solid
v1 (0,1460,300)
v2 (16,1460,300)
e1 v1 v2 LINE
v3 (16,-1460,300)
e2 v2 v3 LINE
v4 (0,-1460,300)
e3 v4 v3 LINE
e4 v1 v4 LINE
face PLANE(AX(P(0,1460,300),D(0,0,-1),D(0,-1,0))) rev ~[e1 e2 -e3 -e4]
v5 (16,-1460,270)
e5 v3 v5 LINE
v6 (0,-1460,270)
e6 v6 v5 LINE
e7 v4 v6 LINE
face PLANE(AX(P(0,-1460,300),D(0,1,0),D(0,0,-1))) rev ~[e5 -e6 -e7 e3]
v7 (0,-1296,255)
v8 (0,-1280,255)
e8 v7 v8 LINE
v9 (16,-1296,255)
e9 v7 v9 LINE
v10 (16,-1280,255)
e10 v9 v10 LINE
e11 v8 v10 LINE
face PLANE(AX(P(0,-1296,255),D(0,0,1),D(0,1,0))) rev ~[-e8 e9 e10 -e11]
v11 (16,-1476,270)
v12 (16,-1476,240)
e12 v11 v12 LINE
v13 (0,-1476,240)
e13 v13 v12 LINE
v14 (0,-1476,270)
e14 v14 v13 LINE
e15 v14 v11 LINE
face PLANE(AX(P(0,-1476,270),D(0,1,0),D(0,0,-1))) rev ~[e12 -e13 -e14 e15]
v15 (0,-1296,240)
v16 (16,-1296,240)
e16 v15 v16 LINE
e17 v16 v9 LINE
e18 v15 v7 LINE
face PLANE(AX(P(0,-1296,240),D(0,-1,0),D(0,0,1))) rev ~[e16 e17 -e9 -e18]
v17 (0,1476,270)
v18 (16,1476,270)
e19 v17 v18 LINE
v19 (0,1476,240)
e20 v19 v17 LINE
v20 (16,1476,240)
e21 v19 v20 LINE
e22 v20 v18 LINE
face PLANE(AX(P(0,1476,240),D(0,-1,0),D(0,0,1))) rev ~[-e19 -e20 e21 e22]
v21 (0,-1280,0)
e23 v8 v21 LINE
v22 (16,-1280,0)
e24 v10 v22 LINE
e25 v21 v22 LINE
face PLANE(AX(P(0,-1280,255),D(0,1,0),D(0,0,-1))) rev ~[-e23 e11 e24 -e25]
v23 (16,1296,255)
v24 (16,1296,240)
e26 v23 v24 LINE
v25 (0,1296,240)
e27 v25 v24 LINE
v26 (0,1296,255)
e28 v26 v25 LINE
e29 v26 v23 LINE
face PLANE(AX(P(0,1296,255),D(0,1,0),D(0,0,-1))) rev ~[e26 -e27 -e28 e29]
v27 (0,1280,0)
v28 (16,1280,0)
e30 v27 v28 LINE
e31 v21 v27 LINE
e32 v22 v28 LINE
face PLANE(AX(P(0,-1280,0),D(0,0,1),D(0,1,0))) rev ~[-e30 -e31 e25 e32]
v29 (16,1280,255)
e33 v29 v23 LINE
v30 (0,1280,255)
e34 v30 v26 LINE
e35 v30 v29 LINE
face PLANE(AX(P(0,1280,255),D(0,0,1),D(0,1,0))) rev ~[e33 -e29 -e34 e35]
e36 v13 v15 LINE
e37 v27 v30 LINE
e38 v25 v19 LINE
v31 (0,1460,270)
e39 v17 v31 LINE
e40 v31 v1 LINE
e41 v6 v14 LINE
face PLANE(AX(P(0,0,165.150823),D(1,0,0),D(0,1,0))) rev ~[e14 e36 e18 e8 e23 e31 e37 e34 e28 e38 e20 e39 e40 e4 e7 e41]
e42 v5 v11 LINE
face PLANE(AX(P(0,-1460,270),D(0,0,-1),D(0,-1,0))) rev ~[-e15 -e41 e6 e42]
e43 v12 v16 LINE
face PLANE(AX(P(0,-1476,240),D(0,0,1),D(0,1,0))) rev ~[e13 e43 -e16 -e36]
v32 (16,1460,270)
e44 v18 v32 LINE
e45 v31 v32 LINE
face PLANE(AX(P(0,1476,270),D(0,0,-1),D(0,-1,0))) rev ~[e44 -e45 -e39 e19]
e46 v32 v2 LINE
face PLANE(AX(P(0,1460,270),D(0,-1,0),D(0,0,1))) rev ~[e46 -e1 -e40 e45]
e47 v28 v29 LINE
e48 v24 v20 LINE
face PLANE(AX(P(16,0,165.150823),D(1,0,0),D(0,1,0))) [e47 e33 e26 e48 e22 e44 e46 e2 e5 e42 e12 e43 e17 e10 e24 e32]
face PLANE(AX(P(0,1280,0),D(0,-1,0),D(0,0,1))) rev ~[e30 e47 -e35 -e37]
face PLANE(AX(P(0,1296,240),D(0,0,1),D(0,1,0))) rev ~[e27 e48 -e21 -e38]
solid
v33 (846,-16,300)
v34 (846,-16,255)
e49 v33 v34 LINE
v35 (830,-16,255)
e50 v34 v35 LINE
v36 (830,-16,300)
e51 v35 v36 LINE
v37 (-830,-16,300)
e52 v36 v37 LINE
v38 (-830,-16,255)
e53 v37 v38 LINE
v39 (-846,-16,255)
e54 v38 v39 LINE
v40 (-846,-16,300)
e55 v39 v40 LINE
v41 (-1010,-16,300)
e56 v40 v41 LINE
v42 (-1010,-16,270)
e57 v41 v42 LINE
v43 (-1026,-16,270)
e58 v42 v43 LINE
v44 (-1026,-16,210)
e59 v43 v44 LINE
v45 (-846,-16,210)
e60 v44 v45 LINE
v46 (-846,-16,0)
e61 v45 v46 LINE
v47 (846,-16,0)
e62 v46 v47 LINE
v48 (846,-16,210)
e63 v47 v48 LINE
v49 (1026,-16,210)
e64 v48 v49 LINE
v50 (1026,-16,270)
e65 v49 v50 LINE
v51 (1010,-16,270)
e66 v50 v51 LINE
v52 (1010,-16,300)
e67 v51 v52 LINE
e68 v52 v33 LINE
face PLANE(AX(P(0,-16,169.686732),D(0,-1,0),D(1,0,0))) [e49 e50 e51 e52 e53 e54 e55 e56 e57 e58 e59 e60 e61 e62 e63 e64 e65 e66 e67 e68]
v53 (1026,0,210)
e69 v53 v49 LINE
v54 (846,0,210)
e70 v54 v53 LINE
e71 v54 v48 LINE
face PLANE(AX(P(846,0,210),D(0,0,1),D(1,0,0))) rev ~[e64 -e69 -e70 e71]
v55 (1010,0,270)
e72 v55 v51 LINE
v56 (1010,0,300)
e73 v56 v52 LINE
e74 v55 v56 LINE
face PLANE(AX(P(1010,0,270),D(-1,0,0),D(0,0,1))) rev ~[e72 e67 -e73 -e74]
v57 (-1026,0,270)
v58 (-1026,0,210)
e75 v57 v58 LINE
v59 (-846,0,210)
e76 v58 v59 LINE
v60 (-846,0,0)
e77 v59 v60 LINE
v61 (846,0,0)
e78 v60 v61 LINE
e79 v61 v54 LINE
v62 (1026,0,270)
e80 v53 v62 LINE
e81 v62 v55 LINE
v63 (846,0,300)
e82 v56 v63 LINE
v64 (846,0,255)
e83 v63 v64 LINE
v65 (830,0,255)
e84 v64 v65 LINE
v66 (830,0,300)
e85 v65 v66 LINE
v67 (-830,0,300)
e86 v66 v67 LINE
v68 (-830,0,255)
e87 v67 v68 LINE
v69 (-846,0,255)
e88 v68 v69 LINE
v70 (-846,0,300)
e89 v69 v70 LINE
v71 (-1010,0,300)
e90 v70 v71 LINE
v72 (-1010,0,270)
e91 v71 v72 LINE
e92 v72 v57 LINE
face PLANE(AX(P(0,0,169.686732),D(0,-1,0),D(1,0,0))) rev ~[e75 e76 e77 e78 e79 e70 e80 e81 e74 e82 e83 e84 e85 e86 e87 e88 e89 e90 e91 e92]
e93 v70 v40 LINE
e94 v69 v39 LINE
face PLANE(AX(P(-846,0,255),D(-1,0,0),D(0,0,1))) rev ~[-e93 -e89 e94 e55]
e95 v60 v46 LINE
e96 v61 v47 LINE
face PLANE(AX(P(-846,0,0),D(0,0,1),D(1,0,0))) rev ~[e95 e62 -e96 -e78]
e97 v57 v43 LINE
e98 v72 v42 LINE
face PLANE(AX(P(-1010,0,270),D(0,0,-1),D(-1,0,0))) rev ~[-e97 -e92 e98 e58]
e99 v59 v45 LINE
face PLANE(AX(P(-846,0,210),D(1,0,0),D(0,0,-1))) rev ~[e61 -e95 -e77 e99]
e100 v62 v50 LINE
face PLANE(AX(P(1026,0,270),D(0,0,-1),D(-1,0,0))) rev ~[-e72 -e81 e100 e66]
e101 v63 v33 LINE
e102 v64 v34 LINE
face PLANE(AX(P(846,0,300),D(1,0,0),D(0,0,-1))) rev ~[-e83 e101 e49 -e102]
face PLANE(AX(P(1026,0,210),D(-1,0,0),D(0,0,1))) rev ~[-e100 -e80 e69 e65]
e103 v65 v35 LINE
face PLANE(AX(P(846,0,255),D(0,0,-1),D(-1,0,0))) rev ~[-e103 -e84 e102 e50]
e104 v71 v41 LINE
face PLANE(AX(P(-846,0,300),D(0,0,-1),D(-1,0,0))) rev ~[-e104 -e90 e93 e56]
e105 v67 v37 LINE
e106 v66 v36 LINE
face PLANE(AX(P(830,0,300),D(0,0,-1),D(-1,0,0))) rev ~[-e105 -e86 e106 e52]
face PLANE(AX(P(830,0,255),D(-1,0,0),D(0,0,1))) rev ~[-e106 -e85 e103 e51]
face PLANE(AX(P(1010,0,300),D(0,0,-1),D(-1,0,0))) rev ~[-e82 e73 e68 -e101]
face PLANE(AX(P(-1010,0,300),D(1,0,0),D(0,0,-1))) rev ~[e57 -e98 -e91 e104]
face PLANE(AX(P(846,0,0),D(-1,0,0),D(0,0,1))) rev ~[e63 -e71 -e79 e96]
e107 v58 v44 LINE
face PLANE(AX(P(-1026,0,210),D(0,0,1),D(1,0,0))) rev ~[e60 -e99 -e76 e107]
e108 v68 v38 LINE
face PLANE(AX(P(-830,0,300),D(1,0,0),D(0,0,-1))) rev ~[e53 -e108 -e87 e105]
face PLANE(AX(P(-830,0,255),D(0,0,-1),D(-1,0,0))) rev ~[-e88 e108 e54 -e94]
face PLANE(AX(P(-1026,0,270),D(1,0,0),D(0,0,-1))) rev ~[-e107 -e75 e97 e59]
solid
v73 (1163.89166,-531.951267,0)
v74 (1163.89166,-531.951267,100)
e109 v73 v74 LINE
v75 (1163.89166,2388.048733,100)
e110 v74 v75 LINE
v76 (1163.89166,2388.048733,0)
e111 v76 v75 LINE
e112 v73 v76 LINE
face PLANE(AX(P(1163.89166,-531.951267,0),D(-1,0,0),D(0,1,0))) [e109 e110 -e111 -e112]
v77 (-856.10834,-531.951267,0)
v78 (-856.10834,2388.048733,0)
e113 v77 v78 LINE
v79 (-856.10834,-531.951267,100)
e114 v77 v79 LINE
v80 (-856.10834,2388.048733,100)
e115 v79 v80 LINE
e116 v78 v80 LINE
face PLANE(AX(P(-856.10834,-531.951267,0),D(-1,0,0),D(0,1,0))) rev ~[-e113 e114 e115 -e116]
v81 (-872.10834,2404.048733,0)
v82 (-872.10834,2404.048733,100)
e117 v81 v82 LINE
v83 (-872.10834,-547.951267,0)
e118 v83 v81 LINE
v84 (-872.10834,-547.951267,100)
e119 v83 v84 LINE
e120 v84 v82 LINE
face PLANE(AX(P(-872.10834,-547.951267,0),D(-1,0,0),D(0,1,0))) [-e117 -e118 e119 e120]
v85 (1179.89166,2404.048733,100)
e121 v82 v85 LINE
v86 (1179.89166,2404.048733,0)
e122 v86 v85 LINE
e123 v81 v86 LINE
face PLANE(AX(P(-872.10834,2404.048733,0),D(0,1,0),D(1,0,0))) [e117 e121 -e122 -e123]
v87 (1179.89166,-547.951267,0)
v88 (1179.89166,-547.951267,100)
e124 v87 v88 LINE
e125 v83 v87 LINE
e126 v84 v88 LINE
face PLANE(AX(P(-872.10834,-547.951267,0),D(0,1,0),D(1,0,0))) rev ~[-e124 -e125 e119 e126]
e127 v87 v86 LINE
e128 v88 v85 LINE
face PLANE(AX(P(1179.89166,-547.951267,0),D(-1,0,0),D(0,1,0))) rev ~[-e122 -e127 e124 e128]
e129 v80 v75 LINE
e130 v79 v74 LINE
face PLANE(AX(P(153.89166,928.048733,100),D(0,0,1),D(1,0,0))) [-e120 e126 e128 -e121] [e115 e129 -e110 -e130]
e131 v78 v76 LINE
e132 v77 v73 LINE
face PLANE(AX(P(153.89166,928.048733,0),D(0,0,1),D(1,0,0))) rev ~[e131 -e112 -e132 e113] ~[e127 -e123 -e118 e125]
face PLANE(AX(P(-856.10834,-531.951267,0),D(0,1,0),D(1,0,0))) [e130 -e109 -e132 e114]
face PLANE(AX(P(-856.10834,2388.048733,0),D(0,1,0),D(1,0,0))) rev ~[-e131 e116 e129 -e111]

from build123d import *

# Parameters (mm, degrees)
F1_DEPTH = 16
F3_DEPTH = 16
F4_W     = 2052
F4_H     = 2952
F4_W_2   = 2020
F4_H_2   = 2920
F5_DEPTH = 100


with BuildPart() as f1:
    # F0 (on Front) → F1 (new body)
    with BuildSketch(Plane.XZ):
        Polygon((-846, 210), (-846, 0), (846, 0), (846, 210), (1026, 210), (1026, 270), (1010, 270), (1010, 300), (846, 300), (846, 255), (830, 255), (830, 300), (-830, 300), (-830, 255), (-846, 255), (-846, 300), (-1010, 300), (-1010, 270), (-1026, 270), (-1026, 210), align=None)
    extrude(amount=F1_DEPTH)


with BuildPart() as f3:
    # F2 (on Right) → F3 (new body)
    with BuildSketch(Plane.YZ):
        Polygon((-1280, 255), (-1280, 0), (1280, 0), (1280, 255), (1296, 255), (1296, 240), (1476, 240), (1476, 270), (1460, 270), (1460, 300), (-1460, 300), (-1460, 270), (-1476, 270), (-1476, 240), (-1296, 240), (-1296, 255), align=None)
    extrude(amount=F3_DEPTH)


with BuildPart() as f5:
    # F4 (on Top) → F5 (new body)
    with BuildSketch(Plane.XY):
        with Locations((153.89166, 928.048733)):
            Rectangle(F4_W, F4_H)
        with Locations((153.89166, 928.048733)):
            Rectangle(F4_W_2, F4_H_2, mode=Mode.SUBTRACT)
    extrude(amount=F5_DEPTH)


solid = Compound([f1.part, f3.part, f5.part])
